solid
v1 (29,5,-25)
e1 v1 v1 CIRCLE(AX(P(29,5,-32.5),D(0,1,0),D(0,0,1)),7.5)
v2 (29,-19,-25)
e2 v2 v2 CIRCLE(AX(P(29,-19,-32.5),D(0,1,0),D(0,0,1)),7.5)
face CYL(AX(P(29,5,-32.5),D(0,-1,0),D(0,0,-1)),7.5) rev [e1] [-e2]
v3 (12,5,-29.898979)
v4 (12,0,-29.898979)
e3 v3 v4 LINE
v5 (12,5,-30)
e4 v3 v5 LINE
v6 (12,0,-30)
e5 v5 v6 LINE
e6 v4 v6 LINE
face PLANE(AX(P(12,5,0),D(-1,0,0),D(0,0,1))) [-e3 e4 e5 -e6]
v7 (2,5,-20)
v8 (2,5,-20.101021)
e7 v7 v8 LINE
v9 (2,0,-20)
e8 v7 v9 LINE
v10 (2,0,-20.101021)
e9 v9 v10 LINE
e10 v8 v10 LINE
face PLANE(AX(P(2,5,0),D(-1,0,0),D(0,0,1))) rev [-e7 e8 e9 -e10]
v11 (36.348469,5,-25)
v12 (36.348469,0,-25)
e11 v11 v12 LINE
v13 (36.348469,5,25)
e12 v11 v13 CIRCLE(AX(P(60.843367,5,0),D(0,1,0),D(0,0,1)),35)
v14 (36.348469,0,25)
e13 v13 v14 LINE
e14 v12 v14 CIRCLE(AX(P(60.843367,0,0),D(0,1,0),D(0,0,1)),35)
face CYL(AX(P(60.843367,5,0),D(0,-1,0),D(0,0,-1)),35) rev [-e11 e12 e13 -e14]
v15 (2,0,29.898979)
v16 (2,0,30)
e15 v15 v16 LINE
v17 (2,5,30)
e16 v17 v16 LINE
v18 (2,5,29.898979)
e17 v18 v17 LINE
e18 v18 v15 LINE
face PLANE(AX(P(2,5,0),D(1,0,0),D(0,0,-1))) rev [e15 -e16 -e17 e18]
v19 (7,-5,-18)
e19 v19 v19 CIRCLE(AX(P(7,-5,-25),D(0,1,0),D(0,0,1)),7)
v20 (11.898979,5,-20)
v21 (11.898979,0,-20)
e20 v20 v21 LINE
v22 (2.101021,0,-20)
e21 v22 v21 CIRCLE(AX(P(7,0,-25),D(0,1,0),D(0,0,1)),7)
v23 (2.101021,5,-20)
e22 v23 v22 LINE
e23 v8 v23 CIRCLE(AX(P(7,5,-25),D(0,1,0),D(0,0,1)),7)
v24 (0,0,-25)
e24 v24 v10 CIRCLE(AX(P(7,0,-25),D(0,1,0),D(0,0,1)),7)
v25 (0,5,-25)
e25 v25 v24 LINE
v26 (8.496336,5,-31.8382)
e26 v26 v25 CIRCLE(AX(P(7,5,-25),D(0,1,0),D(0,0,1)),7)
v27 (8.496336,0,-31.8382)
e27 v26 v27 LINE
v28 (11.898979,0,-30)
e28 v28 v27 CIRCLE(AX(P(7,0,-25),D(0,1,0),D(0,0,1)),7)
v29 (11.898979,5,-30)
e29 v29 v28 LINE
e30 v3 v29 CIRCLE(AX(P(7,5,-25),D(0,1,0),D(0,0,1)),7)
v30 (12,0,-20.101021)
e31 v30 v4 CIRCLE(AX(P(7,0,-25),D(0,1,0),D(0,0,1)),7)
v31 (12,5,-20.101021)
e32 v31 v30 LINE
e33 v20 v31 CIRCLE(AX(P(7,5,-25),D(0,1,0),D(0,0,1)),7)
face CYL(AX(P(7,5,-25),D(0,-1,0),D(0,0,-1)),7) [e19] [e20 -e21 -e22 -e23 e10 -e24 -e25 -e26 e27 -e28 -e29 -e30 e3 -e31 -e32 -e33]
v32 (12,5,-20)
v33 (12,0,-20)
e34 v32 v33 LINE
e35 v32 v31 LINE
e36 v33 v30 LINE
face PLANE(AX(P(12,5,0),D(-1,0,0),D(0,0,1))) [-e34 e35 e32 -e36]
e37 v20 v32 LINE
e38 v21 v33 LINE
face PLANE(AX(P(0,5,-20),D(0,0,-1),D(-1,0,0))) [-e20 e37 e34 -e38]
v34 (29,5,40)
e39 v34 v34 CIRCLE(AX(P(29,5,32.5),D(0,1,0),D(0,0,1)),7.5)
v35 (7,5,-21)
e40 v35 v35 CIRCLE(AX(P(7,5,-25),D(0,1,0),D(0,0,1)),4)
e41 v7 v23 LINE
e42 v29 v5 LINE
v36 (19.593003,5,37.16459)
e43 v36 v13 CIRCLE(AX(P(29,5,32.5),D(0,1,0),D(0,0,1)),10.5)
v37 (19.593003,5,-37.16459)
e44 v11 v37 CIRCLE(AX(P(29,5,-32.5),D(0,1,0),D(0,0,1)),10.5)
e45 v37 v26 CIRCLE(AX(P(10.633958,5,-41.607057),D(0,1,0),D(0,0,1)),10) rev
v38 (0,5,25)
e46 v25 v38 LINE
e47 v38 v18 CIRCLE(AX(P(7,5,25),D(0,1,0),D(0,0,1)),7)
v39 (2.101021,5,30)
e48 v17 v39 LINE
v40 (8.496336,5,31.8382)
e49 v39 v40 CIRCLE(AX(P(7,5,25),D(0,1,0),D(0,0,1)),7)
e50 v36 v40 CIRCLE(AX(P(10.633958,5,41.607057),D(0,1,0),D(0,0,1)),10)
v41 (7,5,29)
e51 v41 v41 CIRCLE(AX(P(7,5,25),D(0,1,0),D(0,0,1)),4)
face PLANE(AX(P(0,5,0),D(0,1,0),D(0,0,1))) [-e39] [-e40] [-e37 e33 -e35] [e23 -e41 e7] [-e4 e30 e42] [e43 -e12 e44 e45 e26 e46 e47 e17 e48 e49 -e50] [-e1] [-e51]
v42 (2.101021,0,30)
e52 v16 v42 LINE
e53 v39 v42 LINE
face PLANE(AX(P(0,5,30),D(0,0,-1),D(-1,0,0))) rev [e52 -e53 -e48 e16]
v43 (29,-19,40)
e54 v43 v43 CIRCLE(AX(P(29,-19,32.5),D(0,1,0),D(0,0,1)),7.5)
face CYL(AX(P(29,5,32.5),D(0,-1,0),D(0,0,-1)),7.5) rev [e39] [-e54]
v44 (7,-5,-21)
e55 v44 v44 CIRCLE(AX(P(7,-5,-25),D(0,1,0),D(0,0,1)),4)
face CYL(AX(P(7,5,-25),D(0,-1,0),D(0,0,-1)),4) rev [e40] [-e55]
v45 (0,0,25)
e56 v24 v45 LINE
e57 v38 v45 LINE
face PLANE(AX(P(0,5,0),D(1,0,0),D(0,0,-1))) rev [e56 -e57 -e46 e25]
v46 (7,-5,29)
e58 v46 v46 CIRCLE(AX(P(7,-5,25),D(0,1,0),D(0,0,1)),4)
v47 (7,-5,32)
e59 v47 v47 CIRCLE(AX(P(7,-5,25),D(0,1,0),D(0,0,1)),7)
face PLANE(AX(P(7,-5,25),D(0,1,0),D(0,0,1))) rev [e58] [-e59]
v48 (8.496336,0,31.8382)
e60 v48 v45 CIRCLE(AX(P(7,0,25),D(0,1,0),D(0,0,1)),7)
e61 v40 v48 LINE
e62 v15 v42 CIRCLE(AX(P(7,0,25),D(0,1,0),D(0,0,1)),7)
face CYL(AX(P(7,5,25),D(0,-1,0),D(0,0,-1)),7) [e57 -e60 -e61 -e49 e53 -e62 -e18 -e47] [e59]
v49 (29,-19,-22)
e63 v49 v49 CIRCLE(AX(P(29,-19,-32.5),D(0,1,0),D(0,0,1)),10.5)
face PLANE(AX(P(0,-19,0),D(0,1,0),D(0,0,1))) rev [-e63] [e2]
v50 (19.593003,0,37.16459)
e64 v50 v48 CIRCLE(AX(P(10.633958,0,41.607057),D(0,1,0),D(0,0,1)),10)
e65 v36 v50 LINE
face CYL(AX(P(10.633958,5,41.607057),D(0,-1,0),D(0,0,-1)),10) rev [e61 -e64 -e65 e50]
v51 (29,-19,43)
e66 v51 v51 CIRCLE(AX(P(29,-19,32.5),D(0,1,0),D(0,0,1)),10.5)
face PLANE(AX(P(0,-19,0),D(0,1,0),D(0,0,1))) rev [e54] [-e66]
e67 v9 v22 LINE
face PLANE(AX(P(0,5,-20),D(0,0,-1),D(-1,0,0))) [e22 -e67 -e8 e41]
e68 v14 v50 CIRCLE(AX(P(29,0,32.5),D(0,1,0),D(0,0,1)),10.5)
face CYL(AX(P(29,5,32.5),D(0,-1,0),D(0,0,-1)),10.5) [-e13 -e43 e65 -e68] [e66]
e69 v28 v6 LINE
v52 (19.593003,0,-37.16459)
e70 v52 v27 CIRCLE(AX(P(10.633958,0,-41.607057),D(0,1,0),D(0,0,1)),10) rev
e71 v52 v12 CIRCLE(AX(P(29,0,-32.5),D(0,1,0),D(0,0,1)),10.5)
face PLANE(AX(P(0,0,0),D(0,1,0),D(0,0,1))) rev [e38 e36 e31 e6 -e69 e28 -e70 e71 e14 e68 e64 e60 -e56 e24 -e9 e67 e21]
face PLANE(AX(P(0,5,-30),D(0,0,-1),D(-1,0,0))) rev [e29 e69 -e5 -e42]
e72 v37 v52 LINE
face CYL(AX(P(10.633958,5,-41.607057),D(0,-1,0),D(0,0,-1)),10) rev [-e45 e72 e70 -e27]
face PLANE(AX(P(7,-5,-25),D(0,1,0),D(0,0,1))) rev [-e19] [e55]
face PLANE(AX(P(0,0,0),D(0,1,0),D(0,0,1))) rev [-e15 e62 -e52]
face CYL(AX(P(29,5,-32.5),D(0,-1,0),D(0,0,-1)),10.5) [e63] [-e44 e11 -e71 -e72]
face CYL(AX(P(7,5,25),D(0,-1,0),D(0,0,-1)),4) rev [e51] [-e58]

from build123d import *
from build123d.topology import SkipClean

# Parameters (mm, degrees)
SKETCH1_R                = 4
SKETCH1_R_2              = 7.5
BOSS_EXTRUDE1_DEPTH      = 5
BOSS_EXTRUDE2_START      = -5
SKETCH1_3_R              = 7
SKETCH1_3_R_2            = 4
BOSS_EXTRUDE2_DEPTH      = 5
BOSS_EXTRUDE3_DEPTH      = 5
BOSS_EXTRUDE3_DEPTH_BACK = 19
SKETCH1_4_R              = 10.5
SKETCH1_4_R_2            = 7.5


with BuildPart() as part:
    # Sketch1 → Boss-Extrude1 (new body)
    with BuildSketch(Plane(origin=(0, 0, 0), x_dir=(1, 0, 0), z_dir=(0, 1, 0))):
        with BuildLine():
            Line((2, -30), (2.101020514, -30))
            ThreePointArc((2.101020514, -30), (5.066288205, -31.727611663), (8.496335544, -31.838200051))
            ThreePointArc((8.496335544, -31.838200051), (14.961261821, -32.591823522), (19.59300275, -37.164590308))
            ThreePointArc((19.59300275, -37.164590308), (35.168768008, -40.996840663), (36.348469228, -25))
            ThreePointArc((36.348469228, -25), (25.843366656, 0), (36.348469228, 25))
            ThreePointArc((36.348469228, 25), (35.168768008, 40.996840663), (19.59300275, 37.164590308))
            ThreePointArc((19.59300275, 37.164590308), (14.961261821, 32.591823522), (8.496335544, 31.838200051))
            ThreePointArc((8.496335544, 31.838200051), (2.611056437, 30.45318021), (0, 25))
            Line((0, 25), (0, -25))
            ThreePointArc((0, -25), (0.519259302, -27.645751311), (2, -29.898979486))
            Line((2, -29.898979486), (2, -30))
        make_face()
        with Locations(Location((7, -25, 0), (0, 0, 270))):
            Circle(SKETCH1_R, mode=Mode.SUBTRACT)
        with BuildLine():
            Line((2, 20), (2, 20.101020514))
            ThreePointArc((2, 20.101020514), (2.050252532, 20.050252532), (2.101020514, 20))
            Line((2.101020514, 20), (2, 20))
        make_face(mode=Mode.SUBTRACT)
        with BuildLine():
            ThreePointArc((11.898979486, 20), (11.949747468, 20.050252532), (12, 20.101020514))
            Line((12, 20.101020514), (12, 20))
            Line((12, 20), (11.898979486, 20))
        make_face(mode=Mode.SUBTRACT)
        with Locations(Location((7, 25, 0), (0, 0, 270))):
            Circle(SKETCH1_R, mode=Mode.SUBTRACT)
        with BuildLine():
            ThreePointArc((12, 29.898979486), (11.949747468, 29.949747468), (11.898979486, 30))
            Line((11.898979486, 30), (12, 30))
            Line((12, 30), (12, 29.898979486))
        make_face(mode=Mode.SUBTRACT)
        with Locations(Location((29, 32.5, 0), (0, 0, 270))):
            Circle(SKETCH1_R_2, mode=Mode.SUBTRACT)
        with Locations(Location((29, -32.5, 0), (0, 0, 270))):
            Circle(SKETCH1_R_2, mode=Mode.SUBTRACT)
    extrude(amount=BOSS_EXTRUDE1_DEPTH)

    # Sketch1<3> → Boss-Extrude2 (add)
    # profile 1 of 2: a face of its own
    with BuildSketch(Plane(origin=(0, 0, 0), x_dir=(1, 0, 0), z_dir=(0, 1, 0)).offset(BOSS_EXTRUDE2_START)):
        with Locations(Location((7, 25, 0), (0, 0, 77.657080359))):
            Circle(SKETCH1_3_R)
        with Locations(Location((7, 25, 0), (0, 0, 270))):
            Circle(SKETCH1_3_R_2, mode=Mode.SUBTRACT)
    # profile 2 of 2: a face of its own
    with BuildSketch(Plane(origin=(0, 0, 0), x_dir=(1, 0, 0), z_dir=(0, 1, 0)).offset(BOSS_EXTRUDE2_START)):
        with Locations(Location((7, -25, 0), (0, 0, 180))):
            Circle(SKETCH1_3_R)
        with Locations(Location((7, -25, 0), (0, 0, 270))):
            Circle(SKETCH1_3_R_2, mode=Mode.SUBTRACT)
    extrude(amount=BOSS_EXTRUDE2_DEPTH)

    # Sketch1<4> → Boss-Extrude3 (add, two sides: drawn at the far end of the back side and taken through both)
    # profile 1 of 2: a face of its own
    with SkipClean():  # the faces are left unmerged after this step: merging them gives an invalid solid
        with BuildSketch(Plane(origin=(0, 0, 0), x_dir=(1, 0, 0), z_dir=(0, 1, 0)).offset(-BOSS_EXTRUDE3_DEPTH_BACK)):
            with Locations(Location((29, 32.5, 0), (0, 0, 153.62484734))):
                Circle(SKETCH1_4_R)
            with Locations(Location((29, 32.5, 0), (0, 0, 270))):
                Circle(SKETCH1_4_R_2, mode=Mode.SUBTRACT)
        # profile 2 of 2: a face of its own
        with BuildSketch(Plane(origin=(0, 0, 0), x_dir=(1, 0, 0), z_dir=(0, 1, 0)).offset(-BOSS_EXTRUDE3_DEPTH_BACK)):
            with Locations(Location((29, -32.5, 0), (0, 0, 45.584691403))):
                Circle(SKETCH1_4_R)
            with Locations(Location((29, -32.5, 0), (0, 0, 270))):
                Circle(SKETCH1_4_R_2, mode=Mode.SUBTRACT)
        extrude(amount=BOSS_EXTRUDE3_DEPTH + BOSS_EXTRUDE3_DEPTH_BACK)


solid = part.part
